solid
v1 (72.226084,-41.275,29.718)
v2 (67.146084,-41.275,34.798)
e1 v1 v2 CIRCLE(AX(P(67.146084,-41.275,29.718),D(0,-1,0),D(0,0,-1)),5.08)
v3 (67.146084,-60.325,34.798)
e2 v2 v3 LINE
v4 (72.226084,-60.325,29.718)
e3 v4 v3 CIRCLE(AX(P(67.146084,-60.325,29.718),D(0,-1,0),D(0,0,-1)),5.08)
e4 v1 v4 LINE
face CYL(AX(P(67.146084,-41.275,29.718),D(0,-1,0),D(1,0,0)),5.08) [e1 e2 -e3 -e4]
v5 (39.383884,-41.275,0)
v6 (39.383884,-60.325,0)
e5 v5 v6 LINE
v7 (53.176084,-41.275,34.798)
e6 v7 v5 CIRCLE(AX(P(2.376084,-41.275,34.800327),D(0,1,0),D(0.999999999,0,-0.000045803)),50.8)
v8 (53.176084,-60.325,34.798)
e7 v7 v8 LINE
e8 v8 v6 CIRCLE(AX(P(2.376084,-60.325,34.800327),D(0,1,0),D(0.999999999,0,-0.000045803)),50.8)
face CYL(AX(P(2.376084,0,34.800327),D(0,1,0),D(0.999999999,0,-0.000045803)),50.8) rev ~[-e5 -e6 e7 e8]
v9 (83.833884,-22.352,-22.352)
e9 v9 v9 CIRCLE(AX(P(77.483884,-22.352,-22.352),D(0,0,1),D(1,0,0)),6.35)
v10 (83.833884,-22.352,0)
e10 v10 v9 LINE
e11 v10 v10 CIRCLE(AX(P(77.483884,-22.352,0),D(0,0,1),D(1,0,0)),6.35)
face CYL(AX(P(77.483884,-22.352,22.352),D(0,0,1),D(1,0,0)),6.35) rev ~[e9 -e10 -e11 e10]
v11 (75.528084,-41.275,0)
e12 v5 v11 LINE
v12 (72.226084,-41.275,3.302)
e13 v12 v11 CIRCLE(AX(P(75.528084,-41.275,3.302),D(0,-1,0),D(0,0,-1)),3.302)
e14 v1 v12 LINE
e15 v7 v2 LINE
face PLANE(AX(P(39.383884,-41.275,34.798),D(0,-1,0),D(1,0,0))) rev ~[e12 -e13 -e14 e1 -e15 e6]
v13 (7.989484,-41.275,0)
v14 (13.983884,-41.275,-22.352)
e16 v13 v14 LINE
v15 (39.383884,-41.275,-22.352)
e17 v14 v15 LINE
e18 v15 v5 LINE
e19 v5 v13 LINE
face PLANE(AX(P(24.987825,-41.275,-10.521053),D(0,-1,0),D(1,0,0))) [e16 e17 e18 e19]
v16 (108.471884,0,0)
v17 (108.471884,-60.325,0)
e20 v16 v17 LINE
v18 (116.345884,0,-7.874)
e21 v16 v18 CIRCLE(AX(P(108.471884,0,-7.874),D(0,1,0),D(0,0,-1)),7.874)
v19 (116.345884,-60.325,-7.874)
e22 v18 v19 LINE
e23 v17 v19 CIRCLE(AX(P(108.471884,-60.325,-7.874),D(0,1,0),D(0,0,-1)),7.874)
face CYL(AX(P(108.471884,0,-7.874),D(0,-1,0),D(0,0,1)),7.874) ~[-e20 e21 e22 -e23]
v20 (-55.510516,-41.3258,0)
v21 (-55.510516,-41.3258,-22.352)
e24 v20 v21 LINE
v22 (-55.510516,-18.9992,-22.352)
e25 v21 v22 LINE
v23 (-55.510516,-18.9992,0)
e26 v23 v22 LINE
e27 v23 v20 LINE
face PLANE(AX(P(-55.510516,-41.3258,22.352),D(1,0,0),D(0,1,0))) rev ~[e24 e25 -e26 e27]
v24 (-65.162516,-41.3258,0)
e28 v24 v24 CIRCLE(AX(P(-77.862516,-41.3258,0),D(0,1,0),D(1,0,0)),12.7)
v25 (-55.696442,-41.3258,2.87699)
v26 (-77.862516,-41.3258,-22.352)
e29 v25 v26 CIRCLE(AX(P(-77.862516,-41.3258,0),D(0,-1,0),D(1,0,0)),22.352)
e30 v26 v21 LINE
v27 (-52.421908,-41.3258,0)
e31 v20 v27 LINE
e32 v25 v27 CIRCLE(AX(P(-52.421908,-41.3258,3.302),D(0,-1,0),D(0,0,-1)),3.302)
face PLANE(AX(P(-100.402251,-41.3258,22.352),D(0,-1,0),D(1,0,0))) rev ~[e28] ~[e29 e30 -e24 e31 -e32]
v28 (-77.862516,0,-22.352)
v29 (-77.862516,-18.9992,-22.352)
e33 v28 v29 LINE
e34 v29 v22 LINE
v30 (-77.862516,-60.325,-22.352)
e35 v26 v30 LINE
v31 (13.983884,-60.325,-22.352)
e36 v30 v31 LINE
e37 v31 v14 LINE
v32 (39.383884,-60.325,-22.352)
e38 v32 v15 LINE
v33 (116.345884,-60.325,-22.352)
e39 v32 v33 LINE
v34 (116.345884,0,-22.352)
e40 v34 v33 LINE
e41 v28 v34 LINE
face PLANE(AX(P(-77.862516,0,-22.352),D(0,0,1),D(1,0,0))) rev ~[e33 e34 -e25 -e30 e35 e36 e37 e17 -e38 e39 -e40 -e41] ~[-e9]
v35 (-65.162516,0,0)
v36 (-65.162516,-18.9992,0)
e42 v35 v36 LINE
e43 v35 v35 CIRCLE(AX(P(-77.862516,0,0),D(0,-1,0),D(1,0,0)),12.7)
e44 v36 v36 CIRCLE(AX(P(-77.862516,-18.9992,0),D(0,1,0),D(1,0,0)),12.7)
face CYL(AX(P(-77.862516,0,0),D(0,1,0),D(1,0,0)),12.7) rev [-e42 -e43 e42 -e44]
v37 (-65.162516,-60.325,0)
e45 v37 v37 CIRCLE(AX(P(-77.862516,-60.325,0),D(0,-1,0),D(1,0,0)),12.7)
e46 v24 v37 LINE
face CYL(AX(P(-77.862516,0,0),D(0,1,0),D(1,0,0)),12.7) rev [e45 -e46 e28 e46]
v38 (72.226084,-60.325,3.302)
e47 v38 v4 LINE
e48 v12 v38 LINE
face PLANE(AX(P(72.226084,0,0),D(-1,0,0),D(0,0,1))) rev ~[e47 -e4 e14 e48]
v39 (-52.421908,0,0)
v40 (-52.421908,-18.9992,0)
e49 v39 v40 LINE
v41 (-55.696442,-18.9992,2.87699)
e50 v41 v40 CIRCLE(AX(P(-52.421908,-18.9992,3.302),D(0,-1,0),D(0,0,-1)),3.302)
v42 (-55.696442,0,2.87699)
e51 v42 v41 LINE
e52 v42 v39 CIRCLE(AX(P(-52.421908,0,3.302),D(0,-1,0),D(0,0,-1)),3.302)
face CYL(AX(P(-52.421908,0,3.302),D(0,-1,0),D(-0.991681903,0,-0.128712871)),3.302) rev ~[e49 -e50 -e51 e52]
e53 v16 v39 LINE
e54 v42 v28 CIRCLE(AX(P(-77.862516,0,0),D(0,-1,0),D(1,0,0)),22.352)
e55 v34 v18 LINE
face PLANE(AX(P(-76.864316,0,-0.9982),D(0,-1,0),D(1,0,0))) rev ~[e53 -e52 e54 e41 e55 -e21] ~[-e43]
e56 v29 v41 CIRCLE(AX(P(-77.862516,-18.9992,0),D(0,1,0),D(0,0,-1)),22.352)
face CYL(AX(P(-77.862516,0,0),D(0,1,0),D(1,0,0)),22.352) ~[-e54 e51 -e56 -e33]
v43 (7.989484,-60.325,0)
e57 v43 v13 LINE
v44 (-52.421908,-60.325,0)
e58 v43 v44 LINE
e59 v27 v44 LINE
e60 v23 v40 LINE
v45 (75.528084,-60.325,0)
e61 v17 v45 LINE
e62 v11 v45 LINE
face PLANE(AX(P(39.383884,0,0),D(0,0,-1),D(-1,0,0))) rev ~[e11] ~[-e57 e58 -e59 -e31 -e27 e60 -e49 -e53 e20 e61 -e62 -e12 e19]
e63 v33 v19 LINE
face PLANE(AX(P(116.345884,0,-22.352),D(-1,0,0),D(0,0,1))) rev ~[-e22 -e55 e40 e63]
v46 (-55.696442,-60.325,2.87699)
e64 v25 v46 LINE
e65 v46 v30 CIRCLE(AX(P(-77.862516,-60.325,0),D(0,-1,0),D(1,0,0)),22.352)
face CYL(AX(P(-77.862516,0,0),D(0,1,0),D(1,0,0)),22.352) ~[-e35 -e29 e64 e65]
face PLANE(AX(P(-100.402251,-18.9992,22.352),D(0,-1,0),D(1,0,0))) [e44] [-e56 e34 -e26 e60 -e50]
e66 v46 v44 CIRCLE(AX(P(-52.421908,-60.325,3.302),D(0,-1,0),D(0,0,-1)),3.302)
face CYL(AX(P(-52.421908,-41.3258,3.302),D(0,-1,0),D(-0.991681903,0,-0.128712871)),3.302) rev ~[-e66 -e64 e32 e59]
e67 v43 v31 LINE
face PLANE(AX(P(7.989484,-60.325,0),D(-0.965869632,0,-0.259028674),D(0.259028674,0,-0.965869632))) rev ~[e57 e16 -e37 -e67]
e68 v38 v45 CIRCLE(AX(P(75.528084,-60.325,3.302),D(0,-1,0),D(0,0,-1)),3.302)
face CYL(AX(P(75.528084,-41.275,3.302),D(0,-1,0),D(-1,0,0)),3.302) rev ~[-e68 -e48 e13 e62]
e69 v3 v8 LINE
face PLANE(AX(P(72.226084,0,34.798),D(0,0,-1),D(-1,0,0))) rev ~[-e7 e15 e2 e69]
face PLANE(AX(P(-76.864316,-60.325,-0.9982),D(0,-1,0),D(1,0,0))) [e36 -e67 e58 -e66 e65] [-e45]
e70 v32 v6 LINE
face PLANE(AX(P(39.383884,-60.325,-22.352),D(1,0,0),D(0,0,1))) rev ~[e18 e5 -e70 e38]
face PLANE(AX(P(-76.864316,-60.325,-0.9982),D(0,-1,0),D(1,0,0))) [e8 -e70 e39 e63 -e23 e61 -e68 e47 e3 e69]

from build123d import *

# Parameters (mm, degrees)
F0_R     = 12.7
F1_DEPTH = 60.325
F3_DEPTH = 19.05
F4_W     = 32.8422
F4_H     = 41.275
F5_DEPTH = 34.798
F7_W     = 44.8917353029
F7_H     = 22.3266
F7_R     = 6.35
F8_DEPTH = 44.704
F9_R     = 3.302
F10_R    = 7.874
F11_R    = 5.08
F12_R    = 3.302


with BuildPart() as f1:
    # F0 (on Front) → F1 (new body)
    with BuildSketch(Plane.XZ):
        with BuildLine():
            ThreePointArc((-77.862515583, -22.352), (-62.0572648099, -15.8052507731), (-55.510515583, 0))
            ThreePointArc((-55.510515583, 0), (-93.6677663561, 15.8052507731), (-77.862515583, -22.352))
        make_face()
        with Locations((-77.862515583, 0)):
            Circle(F0_R, mode=Mode.SUBTRACT)
        with BuildLine():
            Line((39.383884417, 0), (-55.510515583, 0))
            ThreePointArc((-55.510515583, 0), (-62.0572648099, -15.8052507731), (-77.862515583, -22.352))
            Line((-77.862515583, -22.352), (116.345884417, -22.352))
            Line((116.345884417, -22.352), (116.345884417, 0))
            Line((116.345884417, 0), (72.226084417, 0))
            Line((72.226084417, 0), (72.226084417, 34.798))
            Line((72.226084417, 34.798), (53.176084417, 34.798))
            ThreePointArc((53.176084417, 34.798), (49.6018997785, 16.0823576341), (39.383884417, 0))
        make_face()
    extrude(amount=F1_DEPTH)

    # F2 (on face) → F3 (cut)
    with BuildSketch(Plane.XZ.offset(60.325)):
        Polygon((39.383884417, -22.352), (39.383884417, 0), (7.989484417, 0), (13.983884417, -22.352), align=None)
    extrude(amount=-F3_DEPTH, mode=Mode.SUBTRACT)

    # F4 (on face) → F5 (cut)
    with BuildSketch(Plane.XY.offset(34.798)):
        with Locations((55.804984417, -20.6375)):
            Rectangle(F4_W, F4_H)
    extrude(amount=-F5_DEPTH, mode=Mode.SUBTRACT)

    # F7 (on offset) → F8 (cut)
    with BuildSketch(Plane.XY.offset(22.352)):
        with Locations((-77.9563832345, -30.1625)):
            Rectangle(F7_W, F7_H)
        with Locations((77.483884417, -22.352)):
            Circle(F7_R)
    extrude(amount=-F8_DEPTH, mode=Mode.SUBTRACT)

    # F9
    f9_edges = [f1.edges().sort_by_distance(p)[0] for p in [
        (-55.510516, -50.8254, 0),
        (-55.510516, -9.4996, 0),
    ]]
    fillet(f9_edges, radius=F9_R)

    # F10
    f10_edges = [f1.edges().sort_by_distance(p)[0] for p in [
        (116.345884, -30.1625, 0),
    ]]
    fillet(f10_edges, radius=F10_R)

    # F11
    f11_edges = [f1.edges().sort_by_distance(p)[0] for p in [
        (72.226084, -50.8, 34.798),
    ]]
    fillet(f11_edges, radius=F11_R)

    # F12
    f12_edges = [f1.edges().sort_by_distance(p)[0] for p in [
        (72.226084, -50.8, 0),
    ]]
    fillet(f12_edges, radius=F12_R)


solid = f1.part
